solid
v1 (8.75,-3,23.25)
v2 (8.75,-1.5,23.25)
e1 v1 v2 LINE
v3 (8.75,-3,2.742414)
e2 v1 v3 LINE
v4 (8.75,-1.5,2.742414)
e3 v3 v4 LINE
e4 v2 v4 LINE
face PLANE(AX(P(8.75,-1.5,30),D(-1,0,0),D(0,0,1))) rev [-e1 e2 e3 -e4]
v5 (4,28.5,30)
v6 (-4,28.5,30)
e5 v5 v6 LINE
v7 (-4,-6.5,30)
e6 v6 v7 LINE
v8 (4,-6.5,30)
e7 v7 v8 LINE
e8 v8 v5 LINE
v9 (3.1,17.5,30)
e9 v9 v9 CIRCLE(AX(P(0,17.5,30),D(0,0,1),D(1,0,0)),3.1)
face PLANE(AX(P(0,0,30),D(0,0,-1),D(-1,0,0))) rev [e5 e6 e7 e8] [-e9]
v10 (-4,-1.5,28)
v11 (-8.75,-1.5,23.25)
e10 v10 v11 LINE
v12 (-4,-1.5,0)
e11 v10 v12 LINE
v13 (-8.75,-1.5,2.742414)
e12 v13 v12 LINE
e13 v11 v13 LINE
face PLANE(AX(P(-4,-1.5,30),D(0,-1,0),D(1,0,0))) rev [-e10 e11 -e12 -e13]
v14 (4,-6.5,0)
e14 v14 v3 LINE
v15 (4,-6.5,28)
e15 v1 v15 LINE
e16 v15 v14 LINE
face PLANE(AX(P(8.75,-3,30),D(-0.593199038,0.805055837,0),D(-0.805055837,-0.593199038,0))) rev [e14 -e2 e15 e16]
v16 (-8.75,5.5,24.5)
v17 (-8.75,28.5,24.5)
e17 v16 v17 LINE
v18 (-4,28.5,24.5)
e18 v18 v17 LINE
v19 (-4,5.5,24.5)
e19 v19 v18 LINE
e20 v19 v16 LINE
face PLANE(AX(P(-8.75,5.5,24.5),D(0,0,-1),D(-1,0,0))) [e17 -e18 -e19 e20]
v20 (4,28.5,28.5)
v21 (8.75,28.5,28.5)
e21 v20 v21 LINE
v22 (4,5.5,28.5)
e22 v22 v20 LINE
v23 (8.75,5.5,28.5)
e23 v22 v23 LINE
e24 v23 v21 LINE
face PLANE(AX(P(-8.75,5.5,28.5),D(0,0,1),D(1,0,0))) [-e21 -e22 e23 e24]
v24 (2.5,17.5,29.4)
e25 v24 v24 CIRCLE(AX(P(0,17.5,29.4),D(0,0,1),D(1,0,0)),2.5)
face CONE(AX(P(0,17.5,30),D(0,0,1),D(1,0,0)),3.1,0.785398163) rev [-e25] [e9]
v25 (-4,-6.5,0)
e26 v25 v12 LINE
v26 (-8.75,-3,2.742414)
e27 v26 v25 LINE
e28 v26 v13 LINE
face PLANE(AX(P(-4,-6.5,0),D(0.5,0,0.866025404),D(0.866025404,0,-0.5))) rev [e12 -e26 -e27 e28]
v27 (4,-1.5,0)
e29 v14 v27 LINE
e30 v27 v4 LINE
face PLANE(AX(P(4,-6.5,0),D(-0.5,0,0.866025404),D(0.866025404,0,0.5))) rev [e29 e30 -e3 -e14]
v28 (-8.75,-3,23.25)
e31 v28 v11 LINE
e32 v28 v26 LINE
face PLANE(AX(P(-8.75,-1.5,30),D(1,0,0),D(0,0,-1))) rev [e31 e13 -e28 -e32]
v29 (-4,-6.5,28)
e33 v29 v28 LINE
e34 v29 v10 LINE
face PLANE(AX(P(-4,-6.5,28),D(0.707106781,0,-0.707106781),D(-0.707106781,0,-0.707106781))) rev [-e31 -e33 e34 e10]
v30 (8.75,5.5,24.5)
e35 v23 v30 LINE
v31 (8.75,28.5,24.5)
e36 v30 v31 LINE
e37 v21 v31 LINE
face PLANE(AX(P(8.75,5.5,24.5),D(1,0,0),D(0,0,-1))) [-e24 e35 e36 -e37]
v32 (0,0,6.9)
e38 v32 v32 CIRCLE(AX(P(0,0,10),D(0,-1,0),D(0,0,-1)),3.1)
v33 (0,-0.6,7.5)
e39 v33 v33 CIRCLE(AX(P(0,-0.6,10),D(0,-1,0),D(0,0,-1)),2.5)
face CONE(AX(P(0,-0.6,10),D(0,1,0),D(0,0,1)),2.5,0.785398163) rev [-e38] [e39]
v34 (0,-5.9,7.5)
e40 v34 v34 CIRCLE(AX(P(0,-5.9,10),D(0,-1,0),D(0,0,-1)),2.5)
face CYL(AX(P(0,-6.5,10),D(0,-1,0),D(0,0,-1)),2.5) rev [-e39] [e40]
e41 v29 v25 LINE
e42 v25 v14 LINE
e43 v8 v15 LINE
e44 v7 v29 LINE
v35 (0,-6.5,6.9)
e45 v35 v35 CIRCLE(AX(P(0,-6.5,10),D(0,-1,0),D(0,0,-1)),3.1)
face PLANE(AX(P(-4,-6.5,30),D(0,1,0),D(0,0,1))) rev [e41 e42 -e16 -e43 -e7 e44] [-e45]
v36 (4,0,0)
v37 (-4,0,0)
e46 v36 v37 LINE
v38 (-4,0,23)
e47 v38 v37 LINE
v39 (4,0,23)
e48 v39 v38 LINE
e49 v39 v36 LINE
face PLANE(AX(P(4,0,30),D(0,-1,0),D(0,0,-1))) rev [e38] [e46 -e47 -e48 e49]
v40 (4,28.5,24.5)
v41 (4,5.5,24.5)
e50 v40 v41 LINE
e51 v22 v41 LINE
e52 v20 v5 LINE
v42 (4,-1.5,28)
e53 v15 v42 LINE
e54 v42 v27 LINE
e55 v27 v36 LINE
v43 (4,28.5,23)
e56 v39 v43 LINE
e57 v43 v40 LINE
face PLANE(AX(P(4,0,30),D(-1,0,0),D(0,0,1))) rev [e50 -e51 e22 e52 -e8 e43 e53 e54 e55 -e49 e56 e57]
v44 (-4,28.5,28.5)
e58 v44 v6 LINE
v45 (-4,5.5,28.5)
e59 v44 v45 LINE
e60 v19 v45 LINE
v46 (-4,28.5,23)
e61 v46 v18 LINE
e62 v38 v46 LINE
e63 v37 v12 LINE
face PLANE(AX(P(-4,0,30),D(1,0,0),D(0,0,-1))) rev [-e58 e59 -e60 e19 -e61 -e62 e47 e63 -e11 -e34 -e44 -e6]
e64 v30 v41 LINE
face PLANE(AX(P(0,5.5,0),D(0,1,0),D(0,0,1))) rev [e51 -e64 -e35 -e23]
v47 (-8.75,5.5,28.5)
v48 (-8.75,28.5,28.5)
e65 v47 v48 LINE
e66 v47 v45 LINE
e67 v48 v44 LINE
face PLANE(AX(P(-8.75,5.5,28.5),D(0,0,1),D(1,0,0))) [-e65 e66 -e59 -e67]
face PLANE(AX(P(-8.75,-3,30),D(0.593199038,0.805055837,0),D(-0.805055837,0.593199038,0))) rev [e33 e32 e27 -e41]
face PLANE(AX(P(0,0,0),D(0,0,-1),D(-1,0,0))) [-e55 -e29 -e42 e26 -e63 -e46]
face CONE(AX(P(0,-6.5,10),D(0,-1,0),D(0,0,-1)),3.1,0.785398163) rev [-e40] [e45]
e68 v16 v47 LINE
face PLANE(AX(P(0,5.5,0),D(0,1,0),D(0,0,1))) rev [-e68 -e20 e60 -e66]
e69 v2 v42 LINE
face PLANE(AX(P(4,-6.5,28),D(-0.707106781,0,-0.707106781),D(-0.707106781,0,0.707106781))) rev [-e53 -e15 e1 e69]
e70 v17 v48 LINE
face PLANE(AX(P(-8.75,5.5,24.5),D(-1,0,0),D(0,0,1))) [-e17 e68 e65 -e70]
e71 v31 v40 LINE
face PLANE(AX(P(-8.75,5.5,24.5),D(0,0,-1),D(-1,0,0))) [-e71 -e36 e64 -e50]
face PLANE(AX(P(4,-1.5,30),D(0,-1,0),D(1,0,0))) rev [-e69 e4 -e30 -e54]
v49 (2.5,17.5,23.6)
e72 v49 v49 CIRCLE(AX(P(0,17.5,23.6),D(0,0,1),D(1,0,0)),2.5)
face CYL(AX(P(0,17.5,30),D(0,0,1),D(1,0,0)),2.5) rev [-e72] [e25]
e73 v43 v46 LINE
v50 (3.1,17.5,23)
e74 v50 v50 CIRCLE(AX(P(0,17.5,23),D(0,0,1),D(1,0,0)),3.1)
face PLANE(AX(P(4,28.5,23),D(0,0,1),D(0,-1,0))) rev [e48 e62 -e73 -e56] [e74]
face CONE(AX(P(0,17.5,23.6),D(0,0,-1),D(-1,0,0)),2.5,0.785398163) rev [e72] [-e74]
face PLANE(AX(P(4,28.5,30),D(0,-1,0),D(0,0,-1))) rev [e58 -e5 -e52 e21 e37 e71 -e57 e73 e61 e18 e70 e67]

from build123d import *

# Parameters (mm, degrees)
EXTRUDE_1_DEPTH     = 30
SKETCH_2_W          = 7
SKETCH_2_H          = 35
EXTRUDE_2_DEPTH     = 4
CUT_EXTRUDE_1_DEPTH = 6
SKETCH_4_W          = 17.5
SKETCH_4_H          = 4
EXTRUDE_3_DEPTH     = 23


with BuildPart() as part:
    # Эскиз1 → Бобышка-Вытянуть1 (new body)
    with BuildSketch(Plane.XY):
        Polygon((4, 0), (-4, 0), (-4, -1.5), (-8.75, -1.5), (-8.75, -3), (-4, -6.5), (4, -6.5), (8.75, -3), (8.75, -1.5), (4, -1.5), align=None)
    extrude(amount=EXTRUDE_1_DEPTH)

    # Эскиз2 → Бобышка-Вытянуть2 (add, symmetric)
    with BuildSketch(Plane(origin=(0, 0, 0), x_dir=(0, 0, -1), z_dir=(1, 0, 0))):
        with Locations((-26.5, 11)):
            Rectangle(SKETCH_2_W, SKETCH_2_H)
    extrude(amount=EXTRUDE_2_DEPTH, both=True)

    # Эскиз3 → Вырез-Вытянуть1 (cut, through all)
    with BuildSketch(Plane(origin=(0, -1.5, 0), x_dir=(1, 0, 0), z_dir=(0, 1, 0))):
        Polygon((-4, 0), (-8.75, -2.742413779), (-8.75, 0), align=None)
        Polygon((-4, -28), (-8.75, -23.25), (-8.75, -30), (-4, -30), align=None)
        Polygon((4, -30), (4, -28), (8.75, -23.25), (8.75, -30), align=None)
        Polygon((8.75, 0), (4, 0), (8.75, -2.742413779), align=None)
    extrude(amount=-CUT_EXTRUDE_1_DEPTH, mode=Mode.SUBTRACT)

    # Эскиз4 → Бобышка-Вытянуть3 (add)
    with BuildSketch(Plane(origin=(0, 28.5, 0), x_dir=(1, 0, 0), z_dir=(0, 1, 0))):
        with Locations((0, -26.5)):
            Rectangle(SKETCH_4_W, SKETCH_4_H)
    extrude(amount=-EXTRUDE_3_DEPTH)

    # Эскиз6 → Отверстие обработанное метчиком M61 (revolve, cut)
    with BuildSketch(Plane(origin=(0, -6.5, 10), x_dir=(0, 0, -1), z_dir=(1, 0, 0))):
        Polygon((0, 0), (0, 6.5), (3.1, 6.5), (2.5, 5.9), (2.5, 0.6), (3.1, 0), align=None)
    revolve(axis=Axis((0, -12.85, 10), (0, 1, 0)), mode=Mode.SUBTRACT)

    # Эскиз8 → Отверстие обработанное метчиком M62 (revolve, cut)
    with BuildSketch(Plane(origin=(0, 17.5, 30), x_dir=(0, -1, 0), z_dir=(1, 0, 0))):
        Polygon((0, 0), (0, 7), (3.1, 7), (2.5, 6.4), (2.5, 0.6), (3.1, 0), align=None)
    revolve(axis=Axis((0, 17.5, 36.35), (0, 0, -1)), mode=Mode.SUBTRACT)


solid = part.part
